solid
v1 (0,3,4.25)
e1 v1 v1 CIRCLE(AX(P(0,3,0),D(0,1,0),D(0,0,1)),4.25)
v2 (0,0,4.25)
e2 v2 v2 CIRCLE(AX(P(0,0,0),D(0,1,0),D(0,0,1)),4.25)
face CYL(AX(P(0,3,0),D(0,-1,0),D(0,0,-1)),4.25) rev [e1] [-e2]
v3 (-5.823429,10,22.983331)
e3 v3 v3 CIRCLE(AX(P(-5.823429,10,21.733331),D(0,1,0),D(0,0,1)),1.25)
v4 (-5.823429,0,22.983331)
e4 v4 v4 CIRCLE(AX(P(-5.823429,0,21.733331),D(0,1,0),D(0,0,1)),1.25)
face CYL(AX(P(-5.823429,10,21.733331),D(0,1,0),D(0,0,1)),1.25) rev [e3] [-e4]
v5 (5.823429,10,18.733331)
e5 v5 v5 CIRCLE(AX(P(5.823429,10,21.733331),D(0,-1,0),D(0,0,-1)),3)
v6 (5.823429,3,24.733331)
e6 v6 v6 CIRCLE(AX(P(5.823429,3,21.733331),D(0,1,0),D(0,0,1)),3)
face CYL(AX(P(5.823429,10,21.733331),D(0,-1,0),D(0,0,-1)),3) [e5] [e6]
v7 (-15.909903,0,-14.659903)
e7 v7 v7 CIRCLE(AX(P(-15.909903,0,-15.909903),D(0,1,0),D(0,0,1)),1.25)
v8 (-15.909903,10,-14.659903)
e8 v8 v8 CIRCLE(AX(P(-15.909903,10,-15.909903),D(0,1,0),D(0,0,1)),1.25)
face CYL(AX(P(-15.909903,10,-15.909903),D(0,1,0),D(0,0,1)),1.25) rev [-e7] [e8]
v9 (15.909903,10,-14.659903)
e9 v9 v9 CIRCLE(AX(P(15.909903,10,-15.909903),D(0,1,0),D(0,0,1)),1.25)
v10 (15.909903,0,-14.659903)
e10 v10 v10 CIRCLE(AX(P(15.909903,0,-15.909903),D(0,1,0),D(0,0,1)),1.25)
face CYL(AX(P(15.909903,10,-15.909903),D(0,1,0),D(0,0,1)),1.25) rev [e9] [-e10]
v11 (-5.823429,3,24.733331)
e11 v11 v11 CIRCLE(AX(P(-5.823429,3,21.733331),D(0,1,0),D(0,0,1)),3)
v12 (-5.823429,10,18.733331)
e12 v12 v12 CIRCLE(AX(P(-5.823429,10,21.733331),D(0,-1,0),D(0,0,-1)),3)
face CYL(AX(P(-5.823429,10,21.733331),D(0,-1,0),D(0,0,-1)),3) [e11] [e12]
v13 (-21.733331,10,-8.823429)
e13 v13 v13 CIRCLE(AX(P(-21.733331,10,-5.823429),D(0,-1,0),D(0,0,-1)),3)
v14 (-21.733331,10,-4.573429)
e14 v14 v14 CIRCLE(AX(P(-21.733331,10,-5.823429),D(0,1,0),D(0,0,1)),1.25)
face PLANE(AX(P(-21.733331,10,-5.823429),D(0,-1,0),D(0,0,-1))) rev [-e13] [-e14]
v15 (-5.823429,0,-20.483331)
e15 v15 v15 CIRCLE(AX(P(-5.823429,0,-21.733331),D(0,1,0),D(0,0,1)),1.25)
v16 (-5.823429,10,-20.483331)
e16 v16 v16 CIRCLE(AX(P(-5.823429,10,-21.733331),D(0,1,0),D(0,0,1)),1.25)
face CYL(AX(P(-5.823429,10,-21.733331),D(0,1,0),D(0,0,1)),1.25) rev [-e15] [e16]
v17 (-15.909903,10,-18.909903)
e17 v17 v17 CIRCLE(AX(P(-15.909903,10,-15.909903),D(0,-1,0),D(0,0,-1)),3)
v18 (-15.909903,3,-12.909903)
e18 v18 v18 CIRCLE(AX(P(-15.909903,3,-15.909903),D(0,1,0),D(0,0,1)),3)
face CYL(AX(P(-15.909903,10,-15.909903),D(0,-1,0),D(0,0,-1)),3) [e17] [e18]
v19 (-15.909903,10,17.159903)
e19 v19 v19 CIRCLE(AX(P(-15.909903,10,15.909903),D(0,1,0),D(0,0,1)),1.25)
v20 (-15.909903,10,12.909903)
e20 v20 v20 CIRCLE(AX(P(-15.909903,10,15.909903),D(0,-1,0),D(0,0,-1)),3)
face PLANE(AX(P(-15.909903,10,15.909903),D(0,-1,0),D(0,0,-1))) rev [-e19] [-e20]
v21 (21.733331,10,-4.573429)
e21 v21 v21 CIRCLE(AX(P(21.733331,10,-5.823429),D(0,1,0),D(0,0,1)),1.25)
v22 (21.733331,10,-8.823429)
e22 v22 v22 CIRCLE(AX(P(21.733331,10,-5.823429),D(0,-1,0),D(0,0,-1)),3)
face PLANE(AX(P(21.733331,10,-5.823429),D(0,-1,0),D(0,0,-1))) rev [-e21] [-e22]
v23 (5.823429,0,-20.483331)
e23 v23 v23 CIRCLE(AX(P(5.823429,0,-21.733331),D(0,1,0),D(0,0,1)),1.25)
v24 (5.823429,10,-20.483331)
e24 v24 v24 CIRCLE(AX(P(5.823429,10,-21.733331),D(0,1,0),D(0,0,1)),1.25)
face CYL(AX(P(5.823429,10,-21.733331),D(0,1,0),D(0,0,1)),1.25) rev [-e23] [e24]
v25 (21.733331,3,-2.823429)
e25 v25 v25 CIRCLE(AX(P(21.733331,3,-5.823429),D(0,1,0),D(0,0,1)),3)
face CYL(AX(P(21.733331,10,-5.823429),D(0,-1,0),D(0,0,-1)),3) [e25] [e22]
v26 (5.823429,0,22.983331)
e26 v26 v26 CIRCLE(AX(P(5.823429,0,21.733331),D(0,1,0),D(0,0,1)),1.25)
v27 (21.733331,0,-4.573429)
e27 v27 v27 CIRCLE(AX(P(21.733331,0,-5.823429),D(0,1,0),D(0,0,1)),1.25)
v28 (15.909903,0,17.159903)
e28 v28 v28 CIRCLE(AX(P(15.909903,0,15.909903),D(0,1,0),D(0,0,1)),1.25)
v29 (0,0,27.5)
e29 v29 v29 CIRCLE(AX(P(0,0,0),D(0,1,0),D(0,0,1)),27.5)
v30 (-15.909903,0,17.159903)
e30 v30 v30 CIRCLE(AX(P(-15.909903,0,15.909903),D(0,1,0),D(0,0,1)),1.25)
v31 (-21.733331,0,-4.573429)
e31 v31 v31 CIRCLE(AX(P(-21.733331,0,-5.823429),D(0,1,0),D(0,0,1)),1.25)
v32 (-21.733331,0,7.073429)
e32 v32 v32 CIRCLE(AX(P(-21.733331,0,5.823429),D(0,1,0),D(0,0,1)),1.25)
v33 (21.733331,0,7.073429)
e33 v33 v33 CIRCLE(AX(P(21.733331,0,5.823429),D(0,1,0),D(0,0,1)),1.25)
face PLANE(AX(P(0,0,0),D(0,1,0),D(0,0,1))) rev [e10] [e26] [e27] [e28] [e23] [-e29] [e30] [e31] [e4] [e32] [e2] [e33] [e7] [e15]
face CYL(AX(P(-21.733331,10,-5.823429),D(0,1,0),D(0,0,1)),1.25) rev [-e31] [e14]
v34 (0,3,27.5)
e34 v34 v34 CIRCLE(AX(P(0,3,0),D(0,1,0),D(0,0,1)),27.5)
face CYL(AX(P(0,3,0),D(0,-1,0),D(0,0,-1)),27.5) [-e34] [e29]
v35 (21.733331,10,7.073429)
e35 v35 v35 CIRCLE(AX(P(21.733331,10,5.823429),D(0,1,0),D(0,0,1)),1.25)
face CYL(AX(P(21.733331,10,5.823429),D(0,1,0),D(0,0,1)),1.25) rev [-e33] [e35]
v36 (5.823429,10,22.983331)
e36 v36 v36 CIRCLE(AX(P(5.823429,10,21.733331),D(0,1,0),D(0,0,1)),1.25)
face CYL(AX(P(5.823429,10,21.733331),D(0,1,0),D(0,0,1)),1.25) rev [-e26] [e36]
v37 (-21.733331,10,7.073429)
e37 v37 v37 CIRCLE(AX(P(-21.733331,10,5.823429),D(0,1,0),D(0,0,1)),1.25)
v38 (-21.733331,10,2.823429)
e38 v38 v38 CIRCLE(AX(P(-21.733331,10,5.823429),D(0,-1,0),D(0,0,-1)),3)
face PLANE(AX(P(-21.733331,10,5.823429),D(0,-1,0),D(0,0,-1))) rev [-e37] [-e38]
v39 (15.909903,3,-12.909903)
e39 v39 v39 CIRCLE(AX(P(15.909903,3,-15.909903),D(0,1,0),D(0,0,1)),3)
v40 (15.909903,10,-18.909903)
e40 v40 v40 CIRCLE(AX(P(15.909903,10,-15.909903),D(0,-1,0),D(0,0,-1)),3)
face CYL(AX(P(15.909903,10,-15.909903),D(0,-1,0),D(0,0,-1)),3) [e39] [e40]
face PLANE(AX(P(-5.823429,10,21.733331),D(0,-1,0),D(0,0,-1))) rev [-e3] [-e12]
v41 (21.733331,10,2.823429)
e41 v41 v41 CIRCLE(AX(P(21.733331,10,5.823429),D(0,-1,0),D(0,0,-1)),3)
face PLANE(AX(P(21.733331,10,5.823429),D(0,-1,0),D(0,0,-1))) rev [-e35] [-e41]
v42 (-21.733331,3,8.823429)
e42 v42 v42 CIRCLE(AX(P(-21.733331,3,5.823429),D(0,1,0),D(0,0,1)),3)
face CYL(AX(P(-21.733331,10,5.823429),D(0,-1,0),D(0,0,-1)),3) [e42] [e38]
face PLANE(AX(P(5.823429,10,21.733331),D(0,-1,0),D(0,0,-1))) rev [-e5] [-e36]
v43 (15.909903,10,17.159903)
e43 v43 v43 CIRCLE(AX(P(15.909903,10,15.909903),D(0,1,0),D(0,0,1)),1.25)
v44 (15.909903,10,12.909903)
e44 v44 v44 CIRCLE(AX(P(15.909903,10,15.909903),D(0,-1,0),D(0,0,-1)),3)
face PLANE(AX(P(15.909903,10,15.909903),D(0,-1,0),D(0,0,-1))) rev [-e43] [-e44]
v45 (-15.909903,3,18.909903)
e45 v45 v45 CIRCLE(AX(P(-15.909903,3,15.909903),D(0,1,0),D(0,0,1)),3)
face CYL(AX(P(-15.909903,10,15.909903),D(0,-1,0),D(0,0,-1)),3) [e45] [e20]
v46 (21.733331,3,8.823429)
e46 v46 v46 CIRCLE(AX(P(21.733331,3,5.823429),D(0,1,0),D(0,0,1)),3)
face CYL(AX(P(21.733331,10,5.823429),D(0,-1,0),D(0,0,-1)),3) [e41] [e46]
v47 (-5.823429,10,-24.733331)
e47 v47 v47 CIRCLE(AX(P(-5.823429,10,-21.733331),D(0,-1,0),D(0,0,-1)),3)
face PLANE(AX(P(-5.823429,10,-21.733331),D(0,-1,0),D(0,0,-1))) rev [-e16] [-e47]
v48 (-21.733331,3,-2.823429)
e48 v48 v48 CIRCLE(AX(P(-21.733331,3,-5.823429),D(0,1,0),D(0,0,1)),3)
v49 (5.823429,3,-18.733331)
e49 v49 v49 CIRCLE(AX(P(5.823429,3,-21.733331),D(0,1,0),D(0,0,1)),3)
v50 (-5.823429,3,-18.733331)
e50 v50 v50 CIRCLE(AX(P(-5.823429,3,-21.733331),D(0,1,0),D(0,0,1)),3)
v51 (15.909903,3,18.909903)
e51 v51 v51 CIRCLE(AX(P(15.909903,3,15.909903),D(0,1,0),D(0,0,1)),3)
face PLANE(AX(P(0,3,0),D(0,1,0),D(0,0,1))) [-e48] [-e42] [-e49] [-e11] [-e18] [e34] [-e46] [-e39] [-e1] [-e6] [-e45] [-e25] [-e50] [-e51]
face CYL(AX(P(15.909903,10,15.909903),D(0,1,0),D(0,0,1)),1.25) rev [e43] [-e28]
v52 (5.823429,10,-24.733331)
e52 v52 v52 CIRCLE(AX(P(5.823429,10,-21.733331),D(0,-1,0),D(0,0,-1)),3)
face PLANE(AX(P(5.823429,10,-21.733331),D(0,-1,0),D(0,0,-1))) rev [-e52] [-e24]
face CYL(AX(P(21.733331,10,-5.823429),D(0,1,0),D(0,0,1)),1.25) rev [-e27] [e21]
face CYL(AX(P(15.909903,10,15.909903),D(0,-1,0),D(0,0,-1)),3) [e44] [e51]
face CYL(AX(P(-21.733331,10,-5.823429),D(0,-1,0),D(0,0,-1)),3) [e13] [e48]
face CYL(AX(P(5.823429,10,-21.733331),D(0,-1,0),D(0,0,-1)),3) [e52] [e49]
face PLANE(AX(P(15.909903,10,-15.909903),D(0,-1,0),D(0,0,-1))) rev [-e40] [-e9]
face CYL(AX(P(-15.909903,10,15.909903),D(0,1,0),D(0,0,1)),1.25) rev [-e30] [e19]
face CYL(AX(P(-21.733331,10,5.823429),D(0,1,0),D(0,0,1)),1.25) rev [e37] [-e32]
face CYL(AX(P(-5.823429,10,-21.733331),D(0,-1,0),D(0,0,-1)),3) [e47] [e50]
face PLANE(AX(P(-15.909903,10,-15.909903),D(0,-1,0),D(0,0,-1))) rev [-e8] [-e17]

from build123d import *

# Parameters (mm, degrees)
SKETCH1_R           = 27.5
SKETCH1_R_2         = 3
SKETCH1_R_3         = 4.25
BOSS_EXTRUDE1_DEPTH = 3
SKETCH2_R           = 3
BOSS_EXTRUDE2_DEPTH = 10
M3_TAPPED_HOLE1_D   = 2.5
CIRPATTERN1_COUNT   = 12


with BuildPart() as part:
    # Sketch1 → Boss-Extrude1 (new body)
    with BuildSketch(Plane(origin=(0, 0, 0), x_dir=(1, 0, 0), z_dir=(0, 1, 0))):
        with Locations(Location((0, 0, 0), (0, 0, 270))):
            Circle(SKETCH1_R)
        with Locations(Location((21.733331092, -5.823428515, 0), (0, 0, 270))):
            Circle(SKETCH1_R_2, mode=Mode.SUBTRACT)
        with Locations(Location((15.909902577, -15.909902577, 0), (0, 0, 270))):
            Circle(SKETCH1_R_2, mode=Mode.SUBTRACT)
        with Locations(Location((5.823428515, -21.733331092, 0), (0, 0, 270))):
            Circle(SKETCH1_R_2, mode=Mode.SUBTRACT)
        with Locations(Location((-5.823428515, -21.733331092, 0), (0, 0, 270))):
            Circle(SKETCH1_R_2, mode=Mode.SUBTRACT)
        with Locations(Location((-15.909902577, -15.909902577, 0), (0, 0, 270))):
            Circle(SKETCH1_R_2, mode=Mode.SUBTRACT)
        with Locations(Location((-21.733331092, -5.823428515, 0), (0, 0, 270))):
            Circle(SKETCH1_R_2, mode=Mode.SUBTRACT)
        with Locations(Location((-21.733331092, 5.823428515, 0), (0, 0, 270))):
            Circle(SKETCH1_R_2, mode=Mode.SUBTRACT)
        with Locations(Location((-15.909902577, 15.909902577, 0), (0, 0, 270))):
            Circle(SKETCH1_R_2, mode=Mode.SUBTRACT)
        with Locations(Location((-5.823428515, 21.733331092, 0), (0, 0, 270))):
            Circle(SKETCH1_R_2, mode=Mode.SUBTRACT)
        with Locations(Location((5.823428515, 21.733331092, 0), (0, 0, 270))):
            Circle(SKETCH1_R_2, mode=Mode.SUBTRACT)
        with Locations(Location((15.909902577, 15.909902577, 0), (0, 0, 270))):
            Circle(SKETCH1_R_2, mode=Mode.SUBTRACT)
        with Locations(Location((21.733331092, 5.823428515, 0), (0, 0, 270))):
            Circle(SKETCH1_R_2, mode=Mode.SUBTRACT)
        with Locations(Location((0, 0, 0), (0, 0, 270))):
            Circle(SKETCH1_R_3, mode=Mode.SUBTRACT)
    extrude(amount=BOSS_EXTRUDE1_DEPTH)

    # Sketch2 → Boss-Extrude2 (add)
    with BuildSketch(Plane.XZ):
        with Locations(Location((15.909902577, 15.909902577, 0), (0, 0, 270))):
            Circle(SKETCH2_R)
        with Locations(Location((21.733331092, 5.823428515, 0), (0, 0, 270))):
            Circle(SKETCH2_R)
        with Locations(Location((21.733331092, -5.823428515, 0), (0, 0, 270))):
            Circle(SKETCH2_R)
        with Locations(Location((15.909902577, -15.909902577, 0), (0, 0, 270))):
            Circle(SKETCH2_R)
        with Locations(Location((5.823428515, -21.733331092, 0), (0, 0, 270))):
            Circle(SKETCH2_R)
        with Locations(Location((-5.823428515, -21.733331092, 0), (0, 0, 270))):
            Circle(SKETCH2_R)
        with Locations(Location((-15.909902577, -15.909902577, 0), (0, 0, 270))):
            Circle(SKETCH2_R)
        with Locations(Location((-21.733331092, -5.823428515, 0), (0, 0, 270))):
            Circle(SKETCH2_R)
        with Locations(Location((-21.733331092, 5.823428515, 0), (0, 0, 270))):
            Circle(SKETCH2_R)
        with Locations(Location((-15.909902577, 15.909902577, 0), (0, 0, 270))):
            Circle(SKETCH2_R)
        with Locations(Location((-5.823428515, 21.733331092, 0), (0, 0, 270))):
            Circle(SKETCH2_R)
        with Locations(Location((5.823428515, 21.733331092, 0), (0, 0, 270))):
            Circle(SKETCH2_R)
    extrude(amount=-BOSS_EXTRUDE2_DEPTH)

    # M3 Tapped Hole1 (through all)
    with Locations(Plane(origin=(0, 10, 0), x_dir=(1, 0, 0), z_dir=(0, 1, 0))):
        with Locations((-5.823428515, 21.733331092)):
            m3_tapped_hole1 = Hole(M3_TAPPED_HOLE1_D / 2)

    # CirPattern1: M3 Tapped Hole1 ×12 about axis
    cirpattern1_axis = Axis((0, 0, 0), (0, 1, 0))
    for i in range(1, CIRPATTERN1_COUNT):
        add(m3_tapped_hole1.rotate(cirpattern1_axis, i * 360 / CIRPATTERN1_COUNT), mode=Mode.SUBTRACT)


solid = part.part
